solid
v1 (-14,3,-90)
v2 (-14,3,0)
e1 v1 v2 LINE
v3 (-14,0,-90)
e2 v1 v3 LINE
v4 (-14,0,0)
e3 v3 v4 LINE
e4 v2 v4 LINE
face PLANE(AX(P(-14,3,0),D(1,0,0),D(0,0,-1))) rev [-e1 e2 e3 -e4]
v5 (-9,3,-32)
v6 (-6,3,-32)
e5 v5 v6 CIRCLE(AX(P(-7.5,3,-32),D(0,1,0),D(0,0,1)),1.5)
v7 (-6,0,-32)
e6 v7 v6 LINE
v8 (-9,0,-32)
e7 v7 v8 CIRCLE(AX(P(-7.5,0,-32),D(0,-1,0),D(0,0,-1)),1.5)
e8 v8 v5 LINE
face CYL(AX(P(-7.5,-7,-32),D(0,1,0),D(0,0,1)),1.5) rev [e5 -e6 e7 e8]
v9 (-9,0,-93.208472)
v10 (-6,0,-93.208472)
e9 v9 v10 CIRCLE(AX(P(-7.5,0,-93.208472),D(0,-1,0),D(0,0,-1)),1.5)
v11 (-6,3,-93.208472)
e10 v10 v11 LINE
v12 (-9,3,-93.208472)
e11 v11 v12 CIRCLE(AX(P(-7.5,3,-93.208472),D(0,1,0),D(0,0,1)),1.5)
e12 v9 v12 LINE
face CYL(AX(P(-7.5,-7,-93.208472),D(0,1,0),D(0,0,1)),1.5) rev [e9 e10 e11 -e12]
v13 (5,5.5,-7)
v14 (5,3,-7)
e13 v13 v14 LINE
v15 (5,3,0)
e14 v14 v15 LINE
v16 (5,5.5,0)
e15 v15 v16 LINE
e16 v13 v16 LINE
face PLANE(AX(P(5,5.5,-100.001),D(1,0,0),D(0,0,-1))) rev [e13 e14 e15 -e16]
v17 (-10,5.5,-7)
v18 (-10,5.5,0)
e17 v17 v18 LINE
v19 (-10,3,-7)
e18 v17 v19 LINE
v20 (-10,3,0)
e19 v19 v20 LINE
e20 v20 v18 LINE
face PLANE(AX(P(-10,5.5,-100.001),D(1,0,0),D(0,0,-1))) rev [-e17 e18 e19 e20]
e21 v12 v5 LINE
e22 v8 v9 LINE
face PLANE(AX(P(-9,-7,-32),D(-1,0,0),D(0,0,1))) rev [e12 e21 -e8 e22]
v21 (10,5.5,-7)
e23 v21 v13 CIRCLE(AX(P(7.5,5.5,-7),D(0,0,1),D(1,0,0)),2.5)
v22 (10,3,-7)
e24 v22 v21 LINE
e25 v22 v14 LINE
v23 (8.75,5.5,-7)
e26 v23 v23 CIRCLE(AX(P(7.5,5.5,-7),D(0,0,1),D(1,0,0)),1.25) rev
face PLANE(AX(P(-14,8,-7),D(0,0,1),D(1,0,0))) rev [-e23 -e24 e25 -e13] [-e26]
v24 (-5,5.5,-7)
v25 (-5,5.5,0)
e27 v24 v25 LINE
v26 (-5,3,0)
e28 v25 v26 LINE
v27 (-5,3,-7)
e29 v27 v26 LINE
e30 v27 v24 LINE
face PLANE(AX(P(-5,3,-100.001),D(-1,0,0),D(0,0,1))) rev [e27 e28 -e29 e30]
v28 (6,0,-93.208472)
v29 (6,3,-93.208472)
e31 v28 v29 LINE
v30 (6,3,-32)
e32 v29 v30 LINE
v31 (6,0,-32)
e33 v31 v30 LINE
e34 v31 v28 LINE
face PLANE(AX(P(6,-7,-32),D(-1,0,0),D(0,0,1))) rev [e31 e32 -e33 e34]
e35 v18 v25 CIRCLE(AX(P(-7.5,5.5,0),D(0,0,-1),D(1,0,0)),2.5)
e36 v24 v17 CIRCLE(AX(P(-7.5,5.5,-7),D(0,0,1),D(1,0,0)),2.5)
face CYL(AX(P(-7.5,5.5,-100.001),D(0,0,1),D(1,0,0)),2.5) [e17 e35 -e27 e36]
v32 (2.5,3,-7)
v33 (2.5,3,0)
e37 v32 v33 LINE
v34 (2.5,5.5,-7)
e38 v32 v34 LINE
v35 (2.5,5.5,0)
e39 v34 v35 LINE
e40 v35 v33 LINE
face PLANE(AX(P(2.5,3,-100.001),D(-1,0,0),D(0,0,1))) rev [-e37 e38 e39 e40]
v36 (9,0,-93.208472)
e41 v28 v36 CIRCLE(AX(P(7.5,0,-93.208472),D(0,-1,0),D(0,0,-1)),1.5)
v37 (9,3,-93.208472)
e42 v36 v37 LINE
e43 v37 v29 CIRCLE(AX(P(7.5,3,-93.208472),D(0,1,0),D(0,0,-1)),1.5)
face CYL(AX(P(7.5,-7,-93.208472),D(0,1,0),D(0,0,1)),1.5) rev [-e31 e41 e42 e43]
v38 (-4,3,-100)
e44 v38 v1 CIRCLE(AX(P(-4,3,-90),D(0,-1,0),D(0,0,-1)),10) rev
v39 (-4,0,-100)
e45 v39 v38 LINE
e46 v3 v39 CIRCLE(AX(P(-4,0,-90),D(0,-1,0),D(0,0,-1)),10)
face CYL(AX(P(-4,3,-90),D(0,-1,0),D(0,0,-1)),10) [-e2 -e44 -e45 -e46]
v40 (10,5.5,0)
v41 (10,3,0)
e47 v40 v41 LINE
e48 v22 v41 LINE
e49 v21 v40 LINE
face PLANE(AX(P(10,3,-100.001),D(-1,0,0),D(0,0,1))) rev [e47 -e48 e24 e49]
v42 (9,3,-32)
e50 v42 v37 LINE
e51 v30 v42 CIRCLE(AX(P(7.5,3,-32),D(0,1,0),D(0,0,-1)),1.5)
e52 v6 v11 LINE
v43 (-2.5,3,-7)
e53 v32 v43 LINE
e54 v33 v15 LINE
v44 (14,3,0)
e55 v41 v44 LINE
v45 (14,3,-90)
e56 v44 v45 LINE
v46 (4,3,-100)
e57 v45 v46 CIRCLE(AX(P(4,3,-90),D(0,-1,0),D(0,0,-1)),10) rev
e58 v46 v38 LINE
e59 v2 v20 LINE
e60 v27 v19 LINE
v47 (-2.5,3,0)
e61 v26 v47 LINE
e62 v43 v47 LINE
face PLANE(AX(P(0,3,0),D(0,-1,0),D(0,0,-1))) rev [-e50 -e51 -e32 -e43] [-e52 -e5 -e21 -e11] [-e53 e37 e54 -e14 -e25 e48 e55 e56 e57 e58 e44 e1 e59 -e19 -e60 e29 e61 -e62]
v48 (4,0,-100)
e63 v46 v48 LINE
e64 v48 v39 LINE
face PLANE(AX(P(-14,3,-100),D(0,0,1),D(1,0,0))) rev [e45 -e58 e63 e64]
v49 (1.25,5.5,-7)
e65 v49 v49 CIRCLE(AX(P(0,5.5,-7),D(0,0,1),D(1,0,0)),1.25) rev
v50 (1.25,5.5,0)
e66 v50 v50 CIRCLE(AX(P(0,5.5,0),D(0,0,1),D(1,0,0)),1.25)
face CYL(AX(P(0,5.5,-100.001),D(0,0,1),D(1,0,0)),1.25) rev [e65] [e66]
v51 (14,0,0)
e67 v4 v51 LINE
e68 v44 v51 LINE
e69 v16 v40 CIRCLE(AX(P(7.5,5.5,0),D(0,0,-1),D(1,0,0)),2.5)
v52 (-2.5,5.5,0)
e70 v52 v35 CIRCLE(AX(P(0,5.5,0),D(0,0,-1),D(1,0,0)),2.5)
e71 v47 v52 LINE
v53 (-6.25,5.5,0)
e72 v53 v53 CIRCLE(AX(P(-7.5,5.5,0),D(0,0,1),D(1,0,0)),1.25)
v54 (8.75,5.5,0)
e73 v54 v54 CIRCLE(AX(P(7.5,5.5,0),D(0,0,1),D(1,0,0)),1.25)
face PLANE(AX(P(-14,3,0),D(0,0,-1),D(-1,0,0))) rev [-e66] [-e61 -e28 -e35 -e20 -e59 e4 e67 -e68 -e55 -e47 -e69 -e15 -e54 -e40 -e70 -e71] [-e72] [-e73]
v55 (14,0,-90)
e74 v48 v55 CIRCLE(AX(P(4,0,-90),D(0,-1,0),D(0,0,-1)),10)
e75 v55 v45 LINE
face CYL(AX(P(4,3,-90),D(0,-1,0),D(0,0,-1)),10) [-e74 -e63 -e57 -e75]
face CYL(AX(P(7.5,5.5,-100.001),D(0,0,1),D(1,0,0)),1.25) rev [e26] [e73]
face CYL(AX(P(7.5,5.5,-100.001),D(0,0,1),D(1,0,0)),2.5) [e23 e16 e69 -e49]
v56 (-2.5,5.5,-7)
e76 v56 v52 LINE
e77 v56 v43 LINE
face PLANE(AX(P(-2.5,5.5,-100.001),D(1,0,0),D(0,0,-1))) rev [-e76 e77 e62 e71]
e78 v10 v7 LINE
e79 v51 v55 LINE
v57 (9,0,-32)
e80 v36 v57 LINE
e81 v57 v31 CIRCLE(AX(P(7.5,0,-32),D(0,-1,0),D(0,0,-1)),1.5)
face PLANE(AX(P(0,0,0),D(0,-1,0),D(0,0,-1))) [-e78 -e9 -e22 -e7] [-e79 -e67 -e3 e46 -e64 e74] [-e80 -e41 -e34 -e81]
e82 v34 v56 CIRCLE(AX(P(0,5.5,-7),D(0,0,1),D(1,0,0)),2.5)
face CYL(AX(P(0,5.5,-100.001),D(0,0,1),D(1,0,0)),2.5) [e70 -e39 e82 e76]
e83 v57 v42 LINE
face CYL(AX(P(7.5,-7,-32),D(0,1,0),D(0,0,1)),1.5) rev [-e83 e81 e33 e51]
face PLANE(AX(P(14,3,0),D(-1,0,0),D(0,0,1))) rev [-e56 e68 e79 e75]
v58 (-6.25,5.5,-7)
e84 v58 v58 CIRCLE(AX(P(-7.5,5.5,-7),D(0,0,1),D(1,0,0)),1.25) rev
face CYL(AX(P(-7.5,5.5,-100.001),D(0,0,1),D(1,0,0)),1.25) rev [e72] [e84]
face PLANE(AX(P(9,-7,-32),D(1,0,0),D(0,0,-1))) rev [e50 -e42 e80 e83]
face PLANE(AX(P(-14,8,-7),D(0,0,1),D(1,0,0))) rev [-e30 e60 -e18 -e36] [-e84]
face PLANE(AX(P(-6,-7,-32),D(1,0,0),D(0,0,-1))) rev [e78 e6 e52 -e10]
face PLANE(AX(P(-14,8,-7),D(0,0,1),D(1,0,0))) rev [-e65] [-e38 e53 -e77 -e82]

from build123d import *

# Parameters (mm, degrees)
CROQUIS1_W              = 28
CROQUIS1_H              = 100
SALIENTE_EXTRUIR1_DEPTH = 3
CROQUIS2_W              = 28
CROQUIS2_H              = 7
SALIENTE_EXTRUIR2_DEPTH = 5
CORTAR_EXTRUIR2_REACH   = 102
CROQUIS3_R              = 1.25
CORTAR_EXTRUIR3_START   = -7
CORTAR_EXTRUIR3_DEPTH   = 7
CORTAR_EXTRUIR4_DEPTH   = 10
REDONDEO1_R             = 10


with BuildPart() as part:
    # Croquis1 → Saliente-Extruir1 (new body)
    with BuildSketch(Plane(origin=(0, 0, 0), x_dir=(1, 0, 0), z_dir=(0, 1, 0))):
        with Locations((0, 50)):
            Rectangle(CROQUIS1_W, CROQUIS1_H)
    extrude(amount=SALIENTE_EXTRUIR1_DEPTH)

    # Croquis2 → Saliente-Extruir2 (add)
    with BuildSketch(Plane(origin=(0, 3, 0), x_dir=(1, 0, 0), z_dir=(0, 1, 0))):
        with Locations((0, 3.5)):
            Rectangle(CROQUIS2_W, CROQUIS2_H)
    extrude(amount=SALIENTE_EXTRUIR2_DEPTH)

    # Croquis3 → Cortar-Extruir2 (cut, up to next)
    with BuildSketch(Plane.XY, mode=Mode.PRIVATE) as cortar_extruir2_sk1:
        with Locations((-7.5, 5.5)):
            Circle(CROQUIS3_R)
    cortar_extruir2_tool1 = extrude(cortar_extruir2_sk1.sketch, amount=-CORTAR_EXTRUIR2_REACH, mode=Mode.PRIVATE) & part.part
    add(cortar_extruir2_tool1.solids().sort_by_distance((-7.5, 5.5, 0))[0], mode=Mode.SUBTRACT)
    # Croquis3 → Cortar-Extruir2 (cut, up to next)
    with BuildSketch(Plane.XY, mode=Mode.PRIVATE) as cortar_extruir2_sk2:
        with Locations((0, 5.5)):
            Circle(CROQUIS3_R)
    cortar_extruir2_tool2 = extrude(cortar_extruir2_sk2.sketch, amount=-CORTAR_EXTRUIR2_REACH, mode=Mode.PRIVATE) & part.part
    add(cortar_extruir2_tool2.solids().sort_by_distance((0, 5.5, 0))[0], mode=Mode.SUBTRACT)
    # Croquis3 → Cortar-Extruir2 (cut, up to next)
    with BuildSketch(Plane.XY, mode=Mode.PRIVATE) as cortar_extruir2_sk3:
        with Locations((7.5, 5.5)):
            Circle(CROQUIS3_R)
    cortar_extruir2_tool3 = extrude(cortar_extruir2_sk3.sketch, amount=-CORTAR_EXTRUIR2_REACH, mode=Mode.PRIVATE) & part.part
    add(cortar_extruir2_tool3.solids().sort_by_distance((7.5, 5.5, 0))[0], mode=Mode.SUBTRACT)

    # Croquis4 → Cortar-Extruir3 (cut)
    with BuildSketch(Plane.XY.offset(CORTAR_EXTRUIR3_START)):
        with BuildLine():
            Line((-10, 3), (-14, 3))
            Line((-14, 3), (-14, 8))
            Line((-14, 8), (-14, 10.200483226))
            Line((-14, 10.200483226), (14, 10.200483226))
            Line((14, 10.200483226), (14, 8))
            Line((14, 8), (14, 3))
            Line((14, 3), (10, 3))
            Line((10, 3), (10, 5.5))
            ThreePointArc((10, 5.5), (7.5, 8), (5, 5.5))
            Line((5, 5.5), (5, 3))
            Line((5, 3), (2.5, 3))
            Line((2.5, 3), (2.5, 5.5))
            ThreePointArc((2.5, 5.5), (0, 8), (-2.5, 5.5))
            Line((-2.5, 5.5), (-2.5, 3))
            Line((-2.5, 3), (-5, 3))
            Line((-5, 3), (-5, 5.5))
            ThreePointArc((-5, 5.5), (-7.5, 8), (-10, 5.5))
            Line((-10, 5.5), (-10, 3))
        make_face()
    extrude(amount=CORTAR_EXTRUIR3_DEPTH, mode=Mode.SUBTRACT)

    # Croquis5 → Cortar-Extruir4 (cut)
    with BuildSketch(Plane(origin=(0, 3, 0), x_dir=(1, 0, 0), z_dir=(0, 1, 0))):
        with BuildLine():
            Line((-9, 32), (-9, 93.208471881))
            ThreePointArc((-9, 93.208471881), (-7.5, 94.708471881), (-6, 93.208471881))
            Line((-6, 93.208471881), (-6, 32))
            ThreePointArc((-6, 32), (-7.5, 30.5), (-9, 32))
        make_face()
        with BuildLine():
            Line((9, 32), (9, 93.208471881))
            ThreePointArc((9, 93.208471881), (7.5, 94.708471881), (6, 93.208471881))
            Line((6, 93.208471881), (6, 32))
            ThreePointArc((6, 32), (7.5, 30.5), (9, 32))
        make_face()
    extrude(amount=-CORTAR_EXTRUIR4_DEPTH, mode=Mode.SUBTRACT)

    # Redondeo1
    redondeo1_edges = [part.edges().sort_by_distance(p)[0] for p in [
        (-14, 1.5, -100),
        (14, 1.5, -100),
    ]]
    fillet(redondeo1_edges, radius=REDONDEO1_R)


solid = part.part
